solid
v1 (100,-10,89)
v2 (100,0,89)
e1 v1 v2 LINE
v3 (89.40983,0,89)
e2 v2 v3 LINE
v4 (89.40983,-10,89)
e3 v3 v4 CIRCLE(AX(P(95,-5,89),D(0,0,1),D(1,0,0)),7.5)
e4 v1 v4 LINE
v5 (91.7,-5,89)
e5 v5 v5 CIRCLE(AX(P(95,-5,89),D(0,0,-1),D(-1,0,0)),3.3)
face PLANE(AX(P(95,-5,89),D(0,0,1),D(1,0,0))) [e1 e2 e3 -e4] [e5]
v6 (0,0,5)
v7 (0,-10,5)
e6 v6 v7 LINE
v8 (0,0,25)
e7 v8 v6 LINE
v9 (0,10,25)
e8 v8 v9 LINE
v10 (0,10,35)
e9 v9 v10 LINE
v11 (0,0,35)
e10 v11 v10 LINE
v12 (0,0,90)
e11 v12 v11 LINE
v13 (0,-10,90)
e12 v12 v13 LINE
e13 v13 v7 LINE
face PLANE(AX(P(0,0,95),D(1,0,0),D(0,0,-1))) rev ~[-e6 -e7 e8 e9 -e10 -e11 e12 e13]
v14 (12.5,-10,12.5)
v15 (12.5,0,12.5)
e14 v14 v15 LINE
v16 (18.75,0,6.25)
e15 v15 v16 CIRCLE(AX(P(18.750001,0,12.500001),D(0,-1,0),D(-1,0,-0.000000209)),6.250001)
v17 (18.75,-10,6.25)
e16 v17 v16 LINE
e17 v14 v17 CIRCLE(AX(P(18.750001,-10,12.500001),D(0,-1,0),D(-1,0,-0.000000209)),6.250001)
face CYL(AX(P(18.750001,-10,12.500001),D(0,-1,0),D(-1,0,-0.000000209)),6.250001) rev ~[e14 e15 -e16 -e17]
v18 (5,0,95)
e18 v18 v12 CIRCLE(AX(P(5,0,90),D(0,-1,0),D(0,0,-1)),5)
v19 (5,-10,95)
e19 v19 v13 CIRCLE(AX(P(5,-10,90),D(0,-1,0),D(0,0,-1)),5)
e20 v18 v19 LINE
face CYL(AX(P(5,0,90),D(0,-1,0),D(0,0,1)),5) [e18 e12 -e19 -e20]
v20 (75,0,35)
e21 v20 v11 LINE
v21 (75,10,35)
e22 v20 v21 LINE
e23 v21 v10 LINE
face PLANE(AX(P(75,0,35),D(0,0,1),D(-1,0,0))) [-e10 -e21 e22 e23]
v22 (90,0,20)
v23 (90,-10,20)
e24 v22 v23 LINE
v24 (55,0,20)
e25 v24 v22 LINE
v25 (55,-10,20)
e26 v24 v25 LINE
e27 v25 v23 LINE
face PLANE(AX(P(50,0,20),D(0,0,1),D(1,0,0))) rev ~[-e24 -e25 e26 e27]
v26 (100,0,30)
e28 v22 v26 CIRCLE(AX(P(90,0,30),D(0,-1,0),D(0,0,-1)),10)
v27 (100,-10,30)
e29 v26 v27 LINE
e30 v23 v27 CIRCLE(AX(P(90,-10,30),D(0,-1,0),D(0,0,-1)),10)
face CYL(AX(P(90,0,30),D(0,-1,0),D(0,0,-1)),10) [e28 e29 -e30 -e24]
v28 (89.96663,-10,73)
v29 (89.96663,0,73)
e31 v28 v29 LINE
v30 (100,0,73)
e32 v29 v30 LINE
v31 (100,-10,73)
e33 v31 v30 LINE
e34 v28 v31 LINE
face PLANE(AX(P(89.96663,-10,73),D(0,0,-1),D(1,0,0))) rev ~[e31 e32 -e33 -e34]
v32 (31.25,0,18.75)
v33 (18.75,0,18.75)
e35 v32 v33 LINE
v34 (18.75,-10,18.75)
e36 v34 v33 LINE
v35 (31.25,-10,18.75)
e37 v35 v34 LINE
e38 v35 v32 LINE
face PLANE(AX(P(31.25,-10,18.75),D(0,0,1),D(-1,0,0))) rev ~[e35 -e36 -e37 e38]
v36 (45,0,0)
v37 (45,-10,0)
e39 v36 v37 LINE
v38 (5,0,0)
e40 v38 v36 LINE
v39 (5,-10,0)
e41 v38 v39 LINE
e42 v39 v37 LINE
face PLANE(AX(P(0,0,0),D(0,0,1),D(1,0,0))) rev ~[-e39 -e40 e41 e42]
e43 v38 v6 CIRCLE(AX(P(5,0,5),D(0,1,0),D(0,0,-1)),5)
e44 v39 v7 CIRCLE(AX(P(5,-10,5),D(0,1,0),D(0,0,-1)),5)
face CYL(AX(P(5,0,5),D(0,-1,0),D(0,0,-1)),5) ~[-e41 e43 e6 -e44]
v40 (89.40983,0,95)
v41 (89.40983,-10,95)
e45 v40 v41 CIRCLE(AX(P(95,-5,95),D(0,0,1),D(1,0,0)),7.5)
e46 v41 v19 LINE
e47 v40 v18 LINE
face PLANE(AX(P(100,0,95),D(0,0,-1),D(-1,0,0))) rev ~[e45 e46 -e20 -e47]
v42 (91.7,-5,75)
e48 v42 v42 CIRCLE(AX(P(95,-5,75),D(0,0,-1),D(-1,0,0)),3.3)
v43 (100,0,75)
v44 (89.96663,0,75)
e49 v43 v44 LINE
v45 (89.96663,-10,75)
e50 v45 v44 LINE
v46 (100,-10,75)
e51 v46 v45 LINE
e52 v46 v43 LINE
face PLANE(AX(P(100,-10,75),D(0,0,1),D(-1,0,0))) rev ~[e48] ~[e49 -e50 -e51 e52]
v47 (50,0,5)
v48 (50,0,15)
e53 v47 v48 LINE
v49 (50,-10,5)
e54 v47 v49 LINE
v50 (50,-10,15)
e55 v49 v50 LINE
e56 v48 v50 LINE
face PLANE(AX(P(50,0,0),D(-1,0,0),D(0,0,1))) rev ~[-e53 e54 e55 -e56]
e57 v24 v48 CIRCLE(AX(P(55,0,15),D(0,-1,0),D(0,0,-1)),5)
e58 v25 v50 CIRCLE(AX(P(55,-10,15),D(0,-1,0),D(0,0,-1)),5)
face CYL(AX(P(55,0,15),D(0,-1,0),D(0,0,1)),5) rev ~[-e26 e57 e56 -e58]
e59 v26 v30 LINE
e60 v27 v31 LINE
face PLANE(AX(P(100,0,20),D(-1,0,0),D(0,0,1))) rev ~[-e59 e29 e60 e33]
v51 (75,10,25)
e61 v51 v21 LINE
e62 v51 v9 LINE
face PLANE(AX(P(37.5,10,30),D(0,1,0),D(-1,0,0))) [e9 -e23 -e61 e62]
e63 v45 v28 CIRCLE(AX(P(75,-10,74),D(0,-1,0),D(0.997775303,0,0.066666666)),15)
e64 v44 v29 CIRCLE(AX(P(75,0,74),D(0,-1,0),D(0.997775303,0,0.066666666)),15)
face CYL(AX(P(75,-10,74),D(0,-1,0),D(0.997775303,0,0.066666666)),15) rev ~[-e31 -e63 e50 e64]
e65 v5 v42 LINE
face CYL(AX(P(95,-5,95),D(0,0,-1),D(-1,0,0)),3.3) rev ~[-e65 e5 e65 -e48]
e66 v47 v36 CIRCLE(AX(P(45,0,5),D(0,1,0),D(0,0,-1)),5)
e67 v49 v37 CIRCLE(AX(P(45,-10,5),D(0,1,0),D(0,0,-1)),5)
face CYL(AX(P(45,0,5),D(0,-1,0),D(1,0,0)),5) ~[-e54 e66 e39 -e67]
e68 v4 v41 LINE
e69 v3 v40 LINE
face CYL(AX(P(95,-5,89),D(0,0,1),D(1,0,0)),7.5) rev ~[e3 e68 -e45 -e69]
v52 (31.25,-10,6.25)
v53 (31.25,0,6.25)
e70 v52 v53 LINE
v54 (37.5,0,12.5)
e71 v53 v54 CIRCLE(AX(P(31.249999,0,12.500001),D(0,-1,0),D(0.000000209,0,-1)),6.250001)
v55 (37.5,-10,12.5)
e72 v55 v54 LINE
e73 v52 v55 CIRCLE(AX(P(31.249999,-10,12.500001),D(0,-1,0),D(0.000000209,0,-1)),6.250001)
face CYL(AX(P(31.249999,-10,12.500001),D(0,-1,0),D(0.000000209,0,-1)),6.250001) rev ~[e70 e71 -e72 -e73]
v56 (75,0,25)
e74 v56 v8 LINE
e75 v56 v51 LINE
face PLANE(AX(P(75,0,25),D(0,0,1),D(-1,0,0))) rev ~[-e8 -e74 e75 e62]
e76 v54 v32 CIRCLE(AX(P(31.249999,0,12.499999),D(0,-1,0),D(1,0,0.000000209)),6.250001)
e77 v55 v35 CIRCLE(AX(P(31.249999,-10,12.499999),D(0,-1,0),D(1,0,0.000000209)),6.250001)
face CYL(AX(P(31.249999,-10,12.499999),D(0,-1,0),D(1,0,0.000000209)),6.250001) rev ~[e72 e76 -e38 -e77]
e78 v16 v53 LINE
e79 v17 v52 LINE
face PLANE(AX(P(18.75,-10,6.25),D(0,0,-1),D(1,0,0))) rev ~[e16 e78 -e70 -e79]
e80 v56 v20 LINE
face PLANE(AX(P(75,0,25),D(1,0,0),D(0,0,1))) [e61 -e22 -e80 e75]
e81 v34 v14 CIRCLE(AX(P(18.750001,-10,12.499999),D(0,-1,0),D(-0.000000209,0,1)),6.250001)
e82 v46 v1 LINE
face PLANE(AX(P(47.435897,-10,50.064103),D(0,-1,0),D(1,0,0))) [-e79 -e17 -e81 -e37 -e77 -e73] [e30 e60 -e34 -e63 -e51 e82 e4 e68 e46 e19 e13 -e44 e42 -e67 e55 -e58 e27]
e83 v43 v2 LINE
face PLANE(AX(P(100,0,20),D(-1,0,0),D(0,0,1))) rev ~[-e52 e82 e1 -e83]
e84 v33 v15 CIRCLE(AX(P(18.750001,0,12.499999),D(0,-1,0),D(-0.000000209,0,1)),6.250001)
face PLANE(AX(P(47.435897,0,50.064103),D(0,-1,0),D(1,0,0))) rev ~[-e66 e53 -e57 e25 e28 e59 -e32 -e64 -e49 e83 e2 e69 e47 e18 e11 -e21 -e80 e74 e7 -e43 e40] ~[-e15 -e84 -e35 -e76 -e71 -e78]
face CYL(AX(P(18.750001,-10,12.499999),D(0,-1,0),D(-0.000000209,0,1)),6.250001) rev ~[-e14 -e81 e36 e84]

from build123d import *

# Parameters (mm, degrees)
F1_DEPTH        = 10
F2_R            = 10
F4_DEPTH        = 10.001
F5_R            = 5
F6_W            = 75
F6_H            = 10
F7_DEPTH        = 10
F9_DEPTH        = 20.001
F11_D           = 6.6
F11_DEPTH       = 20
F11_CBORE_D     = 15
F11_CBORE_DEPTH = 6


with BuildPart() as f1:
    # F0 (on Front) → F1 (new body)
    with BuildSketch(Plane.XZ):
        Polygon((0, 95), (0, 0), (50, 0), (50, 20), (100, 20), (100, 95), align=None)
    extrude(amount=F1_DEPTH)

    # F2
    f2_edges = [f1.edges().sort_by_distance(p)[0] for p in [
        (100, -5, 20),
    ]]
    fillet(f2_edges, radius=F2_R)

    # F3 (on face) → F4 (cut, through all)
    with BuildSketch(Plane.XZ.offset(10)):
        with BuildLine():
            ThreePointArc((12.5, 12.5), (14.330583, 8.080583), (18.75, 6.25))
            Line((18.75, 6.25), (31.25, 6.25))
            ThreePointArc((31.25, 6.25), (35.669417, 8.080583), (37.5, 12.5))
            ThreePointArc((37.5, 12.5), (35.669417, 16.919417), (31.25, 18.75))
            Line((31.25, 18.75), (18.75, 18.75))
            ThreePointArc((18.75, 18.75), (14.330583, 16.919417), (12.5, 12.5))
        make_face()
    extrude(amount=-F4_DEPTH, mode=Mode.SUBTRACT)

    # F5
    f5_edges = [f1.edges().sort_by_distance(p)[0] for p in [
        (50, -5, 20),
        (50, -5, 0),
        (0, -5, 0),
        (0, -5, 95),
    ]]
    fillet(f5_edges, radius=F5_R)

    # F6 (on face) → F7 (join)
    with BuildSketch(Plane(origin=(0, 0, 0), x_dir=(-1, 0, 0), z_dir=(0, 1, 0))):
        with Locations((-37.5, 30)):
            Rectangle(F6_W, F6_H)
    extrude(amount=F7_DEPTH)

    # F8 (on face) → F9 (cut, through all)
    with BuildSketch(Plane.XZ.offset(10)):
        with BuildLine():
            Line((100, 75), (89.96663, 75))
            ThreePointArc((89.96663, 75), (60, 74), (89.96663, 73))
            Line((89.96663, 73), (100, 73))
            Line((100, 73), (100, 75))
        make_face()
    extrude(amount=-F9_DEPTH, mode=Mode.SUBTRACT)

    # F11
    with Locations(Plane.XY.offset(95)):
        with Locations((95, -5)):
            CounterBoreHole(F11_D / 2, F11_CBORE_D / 2, F11_CBORE_DEPTH, depth=F11_DEPTH)


solid = f1.part
